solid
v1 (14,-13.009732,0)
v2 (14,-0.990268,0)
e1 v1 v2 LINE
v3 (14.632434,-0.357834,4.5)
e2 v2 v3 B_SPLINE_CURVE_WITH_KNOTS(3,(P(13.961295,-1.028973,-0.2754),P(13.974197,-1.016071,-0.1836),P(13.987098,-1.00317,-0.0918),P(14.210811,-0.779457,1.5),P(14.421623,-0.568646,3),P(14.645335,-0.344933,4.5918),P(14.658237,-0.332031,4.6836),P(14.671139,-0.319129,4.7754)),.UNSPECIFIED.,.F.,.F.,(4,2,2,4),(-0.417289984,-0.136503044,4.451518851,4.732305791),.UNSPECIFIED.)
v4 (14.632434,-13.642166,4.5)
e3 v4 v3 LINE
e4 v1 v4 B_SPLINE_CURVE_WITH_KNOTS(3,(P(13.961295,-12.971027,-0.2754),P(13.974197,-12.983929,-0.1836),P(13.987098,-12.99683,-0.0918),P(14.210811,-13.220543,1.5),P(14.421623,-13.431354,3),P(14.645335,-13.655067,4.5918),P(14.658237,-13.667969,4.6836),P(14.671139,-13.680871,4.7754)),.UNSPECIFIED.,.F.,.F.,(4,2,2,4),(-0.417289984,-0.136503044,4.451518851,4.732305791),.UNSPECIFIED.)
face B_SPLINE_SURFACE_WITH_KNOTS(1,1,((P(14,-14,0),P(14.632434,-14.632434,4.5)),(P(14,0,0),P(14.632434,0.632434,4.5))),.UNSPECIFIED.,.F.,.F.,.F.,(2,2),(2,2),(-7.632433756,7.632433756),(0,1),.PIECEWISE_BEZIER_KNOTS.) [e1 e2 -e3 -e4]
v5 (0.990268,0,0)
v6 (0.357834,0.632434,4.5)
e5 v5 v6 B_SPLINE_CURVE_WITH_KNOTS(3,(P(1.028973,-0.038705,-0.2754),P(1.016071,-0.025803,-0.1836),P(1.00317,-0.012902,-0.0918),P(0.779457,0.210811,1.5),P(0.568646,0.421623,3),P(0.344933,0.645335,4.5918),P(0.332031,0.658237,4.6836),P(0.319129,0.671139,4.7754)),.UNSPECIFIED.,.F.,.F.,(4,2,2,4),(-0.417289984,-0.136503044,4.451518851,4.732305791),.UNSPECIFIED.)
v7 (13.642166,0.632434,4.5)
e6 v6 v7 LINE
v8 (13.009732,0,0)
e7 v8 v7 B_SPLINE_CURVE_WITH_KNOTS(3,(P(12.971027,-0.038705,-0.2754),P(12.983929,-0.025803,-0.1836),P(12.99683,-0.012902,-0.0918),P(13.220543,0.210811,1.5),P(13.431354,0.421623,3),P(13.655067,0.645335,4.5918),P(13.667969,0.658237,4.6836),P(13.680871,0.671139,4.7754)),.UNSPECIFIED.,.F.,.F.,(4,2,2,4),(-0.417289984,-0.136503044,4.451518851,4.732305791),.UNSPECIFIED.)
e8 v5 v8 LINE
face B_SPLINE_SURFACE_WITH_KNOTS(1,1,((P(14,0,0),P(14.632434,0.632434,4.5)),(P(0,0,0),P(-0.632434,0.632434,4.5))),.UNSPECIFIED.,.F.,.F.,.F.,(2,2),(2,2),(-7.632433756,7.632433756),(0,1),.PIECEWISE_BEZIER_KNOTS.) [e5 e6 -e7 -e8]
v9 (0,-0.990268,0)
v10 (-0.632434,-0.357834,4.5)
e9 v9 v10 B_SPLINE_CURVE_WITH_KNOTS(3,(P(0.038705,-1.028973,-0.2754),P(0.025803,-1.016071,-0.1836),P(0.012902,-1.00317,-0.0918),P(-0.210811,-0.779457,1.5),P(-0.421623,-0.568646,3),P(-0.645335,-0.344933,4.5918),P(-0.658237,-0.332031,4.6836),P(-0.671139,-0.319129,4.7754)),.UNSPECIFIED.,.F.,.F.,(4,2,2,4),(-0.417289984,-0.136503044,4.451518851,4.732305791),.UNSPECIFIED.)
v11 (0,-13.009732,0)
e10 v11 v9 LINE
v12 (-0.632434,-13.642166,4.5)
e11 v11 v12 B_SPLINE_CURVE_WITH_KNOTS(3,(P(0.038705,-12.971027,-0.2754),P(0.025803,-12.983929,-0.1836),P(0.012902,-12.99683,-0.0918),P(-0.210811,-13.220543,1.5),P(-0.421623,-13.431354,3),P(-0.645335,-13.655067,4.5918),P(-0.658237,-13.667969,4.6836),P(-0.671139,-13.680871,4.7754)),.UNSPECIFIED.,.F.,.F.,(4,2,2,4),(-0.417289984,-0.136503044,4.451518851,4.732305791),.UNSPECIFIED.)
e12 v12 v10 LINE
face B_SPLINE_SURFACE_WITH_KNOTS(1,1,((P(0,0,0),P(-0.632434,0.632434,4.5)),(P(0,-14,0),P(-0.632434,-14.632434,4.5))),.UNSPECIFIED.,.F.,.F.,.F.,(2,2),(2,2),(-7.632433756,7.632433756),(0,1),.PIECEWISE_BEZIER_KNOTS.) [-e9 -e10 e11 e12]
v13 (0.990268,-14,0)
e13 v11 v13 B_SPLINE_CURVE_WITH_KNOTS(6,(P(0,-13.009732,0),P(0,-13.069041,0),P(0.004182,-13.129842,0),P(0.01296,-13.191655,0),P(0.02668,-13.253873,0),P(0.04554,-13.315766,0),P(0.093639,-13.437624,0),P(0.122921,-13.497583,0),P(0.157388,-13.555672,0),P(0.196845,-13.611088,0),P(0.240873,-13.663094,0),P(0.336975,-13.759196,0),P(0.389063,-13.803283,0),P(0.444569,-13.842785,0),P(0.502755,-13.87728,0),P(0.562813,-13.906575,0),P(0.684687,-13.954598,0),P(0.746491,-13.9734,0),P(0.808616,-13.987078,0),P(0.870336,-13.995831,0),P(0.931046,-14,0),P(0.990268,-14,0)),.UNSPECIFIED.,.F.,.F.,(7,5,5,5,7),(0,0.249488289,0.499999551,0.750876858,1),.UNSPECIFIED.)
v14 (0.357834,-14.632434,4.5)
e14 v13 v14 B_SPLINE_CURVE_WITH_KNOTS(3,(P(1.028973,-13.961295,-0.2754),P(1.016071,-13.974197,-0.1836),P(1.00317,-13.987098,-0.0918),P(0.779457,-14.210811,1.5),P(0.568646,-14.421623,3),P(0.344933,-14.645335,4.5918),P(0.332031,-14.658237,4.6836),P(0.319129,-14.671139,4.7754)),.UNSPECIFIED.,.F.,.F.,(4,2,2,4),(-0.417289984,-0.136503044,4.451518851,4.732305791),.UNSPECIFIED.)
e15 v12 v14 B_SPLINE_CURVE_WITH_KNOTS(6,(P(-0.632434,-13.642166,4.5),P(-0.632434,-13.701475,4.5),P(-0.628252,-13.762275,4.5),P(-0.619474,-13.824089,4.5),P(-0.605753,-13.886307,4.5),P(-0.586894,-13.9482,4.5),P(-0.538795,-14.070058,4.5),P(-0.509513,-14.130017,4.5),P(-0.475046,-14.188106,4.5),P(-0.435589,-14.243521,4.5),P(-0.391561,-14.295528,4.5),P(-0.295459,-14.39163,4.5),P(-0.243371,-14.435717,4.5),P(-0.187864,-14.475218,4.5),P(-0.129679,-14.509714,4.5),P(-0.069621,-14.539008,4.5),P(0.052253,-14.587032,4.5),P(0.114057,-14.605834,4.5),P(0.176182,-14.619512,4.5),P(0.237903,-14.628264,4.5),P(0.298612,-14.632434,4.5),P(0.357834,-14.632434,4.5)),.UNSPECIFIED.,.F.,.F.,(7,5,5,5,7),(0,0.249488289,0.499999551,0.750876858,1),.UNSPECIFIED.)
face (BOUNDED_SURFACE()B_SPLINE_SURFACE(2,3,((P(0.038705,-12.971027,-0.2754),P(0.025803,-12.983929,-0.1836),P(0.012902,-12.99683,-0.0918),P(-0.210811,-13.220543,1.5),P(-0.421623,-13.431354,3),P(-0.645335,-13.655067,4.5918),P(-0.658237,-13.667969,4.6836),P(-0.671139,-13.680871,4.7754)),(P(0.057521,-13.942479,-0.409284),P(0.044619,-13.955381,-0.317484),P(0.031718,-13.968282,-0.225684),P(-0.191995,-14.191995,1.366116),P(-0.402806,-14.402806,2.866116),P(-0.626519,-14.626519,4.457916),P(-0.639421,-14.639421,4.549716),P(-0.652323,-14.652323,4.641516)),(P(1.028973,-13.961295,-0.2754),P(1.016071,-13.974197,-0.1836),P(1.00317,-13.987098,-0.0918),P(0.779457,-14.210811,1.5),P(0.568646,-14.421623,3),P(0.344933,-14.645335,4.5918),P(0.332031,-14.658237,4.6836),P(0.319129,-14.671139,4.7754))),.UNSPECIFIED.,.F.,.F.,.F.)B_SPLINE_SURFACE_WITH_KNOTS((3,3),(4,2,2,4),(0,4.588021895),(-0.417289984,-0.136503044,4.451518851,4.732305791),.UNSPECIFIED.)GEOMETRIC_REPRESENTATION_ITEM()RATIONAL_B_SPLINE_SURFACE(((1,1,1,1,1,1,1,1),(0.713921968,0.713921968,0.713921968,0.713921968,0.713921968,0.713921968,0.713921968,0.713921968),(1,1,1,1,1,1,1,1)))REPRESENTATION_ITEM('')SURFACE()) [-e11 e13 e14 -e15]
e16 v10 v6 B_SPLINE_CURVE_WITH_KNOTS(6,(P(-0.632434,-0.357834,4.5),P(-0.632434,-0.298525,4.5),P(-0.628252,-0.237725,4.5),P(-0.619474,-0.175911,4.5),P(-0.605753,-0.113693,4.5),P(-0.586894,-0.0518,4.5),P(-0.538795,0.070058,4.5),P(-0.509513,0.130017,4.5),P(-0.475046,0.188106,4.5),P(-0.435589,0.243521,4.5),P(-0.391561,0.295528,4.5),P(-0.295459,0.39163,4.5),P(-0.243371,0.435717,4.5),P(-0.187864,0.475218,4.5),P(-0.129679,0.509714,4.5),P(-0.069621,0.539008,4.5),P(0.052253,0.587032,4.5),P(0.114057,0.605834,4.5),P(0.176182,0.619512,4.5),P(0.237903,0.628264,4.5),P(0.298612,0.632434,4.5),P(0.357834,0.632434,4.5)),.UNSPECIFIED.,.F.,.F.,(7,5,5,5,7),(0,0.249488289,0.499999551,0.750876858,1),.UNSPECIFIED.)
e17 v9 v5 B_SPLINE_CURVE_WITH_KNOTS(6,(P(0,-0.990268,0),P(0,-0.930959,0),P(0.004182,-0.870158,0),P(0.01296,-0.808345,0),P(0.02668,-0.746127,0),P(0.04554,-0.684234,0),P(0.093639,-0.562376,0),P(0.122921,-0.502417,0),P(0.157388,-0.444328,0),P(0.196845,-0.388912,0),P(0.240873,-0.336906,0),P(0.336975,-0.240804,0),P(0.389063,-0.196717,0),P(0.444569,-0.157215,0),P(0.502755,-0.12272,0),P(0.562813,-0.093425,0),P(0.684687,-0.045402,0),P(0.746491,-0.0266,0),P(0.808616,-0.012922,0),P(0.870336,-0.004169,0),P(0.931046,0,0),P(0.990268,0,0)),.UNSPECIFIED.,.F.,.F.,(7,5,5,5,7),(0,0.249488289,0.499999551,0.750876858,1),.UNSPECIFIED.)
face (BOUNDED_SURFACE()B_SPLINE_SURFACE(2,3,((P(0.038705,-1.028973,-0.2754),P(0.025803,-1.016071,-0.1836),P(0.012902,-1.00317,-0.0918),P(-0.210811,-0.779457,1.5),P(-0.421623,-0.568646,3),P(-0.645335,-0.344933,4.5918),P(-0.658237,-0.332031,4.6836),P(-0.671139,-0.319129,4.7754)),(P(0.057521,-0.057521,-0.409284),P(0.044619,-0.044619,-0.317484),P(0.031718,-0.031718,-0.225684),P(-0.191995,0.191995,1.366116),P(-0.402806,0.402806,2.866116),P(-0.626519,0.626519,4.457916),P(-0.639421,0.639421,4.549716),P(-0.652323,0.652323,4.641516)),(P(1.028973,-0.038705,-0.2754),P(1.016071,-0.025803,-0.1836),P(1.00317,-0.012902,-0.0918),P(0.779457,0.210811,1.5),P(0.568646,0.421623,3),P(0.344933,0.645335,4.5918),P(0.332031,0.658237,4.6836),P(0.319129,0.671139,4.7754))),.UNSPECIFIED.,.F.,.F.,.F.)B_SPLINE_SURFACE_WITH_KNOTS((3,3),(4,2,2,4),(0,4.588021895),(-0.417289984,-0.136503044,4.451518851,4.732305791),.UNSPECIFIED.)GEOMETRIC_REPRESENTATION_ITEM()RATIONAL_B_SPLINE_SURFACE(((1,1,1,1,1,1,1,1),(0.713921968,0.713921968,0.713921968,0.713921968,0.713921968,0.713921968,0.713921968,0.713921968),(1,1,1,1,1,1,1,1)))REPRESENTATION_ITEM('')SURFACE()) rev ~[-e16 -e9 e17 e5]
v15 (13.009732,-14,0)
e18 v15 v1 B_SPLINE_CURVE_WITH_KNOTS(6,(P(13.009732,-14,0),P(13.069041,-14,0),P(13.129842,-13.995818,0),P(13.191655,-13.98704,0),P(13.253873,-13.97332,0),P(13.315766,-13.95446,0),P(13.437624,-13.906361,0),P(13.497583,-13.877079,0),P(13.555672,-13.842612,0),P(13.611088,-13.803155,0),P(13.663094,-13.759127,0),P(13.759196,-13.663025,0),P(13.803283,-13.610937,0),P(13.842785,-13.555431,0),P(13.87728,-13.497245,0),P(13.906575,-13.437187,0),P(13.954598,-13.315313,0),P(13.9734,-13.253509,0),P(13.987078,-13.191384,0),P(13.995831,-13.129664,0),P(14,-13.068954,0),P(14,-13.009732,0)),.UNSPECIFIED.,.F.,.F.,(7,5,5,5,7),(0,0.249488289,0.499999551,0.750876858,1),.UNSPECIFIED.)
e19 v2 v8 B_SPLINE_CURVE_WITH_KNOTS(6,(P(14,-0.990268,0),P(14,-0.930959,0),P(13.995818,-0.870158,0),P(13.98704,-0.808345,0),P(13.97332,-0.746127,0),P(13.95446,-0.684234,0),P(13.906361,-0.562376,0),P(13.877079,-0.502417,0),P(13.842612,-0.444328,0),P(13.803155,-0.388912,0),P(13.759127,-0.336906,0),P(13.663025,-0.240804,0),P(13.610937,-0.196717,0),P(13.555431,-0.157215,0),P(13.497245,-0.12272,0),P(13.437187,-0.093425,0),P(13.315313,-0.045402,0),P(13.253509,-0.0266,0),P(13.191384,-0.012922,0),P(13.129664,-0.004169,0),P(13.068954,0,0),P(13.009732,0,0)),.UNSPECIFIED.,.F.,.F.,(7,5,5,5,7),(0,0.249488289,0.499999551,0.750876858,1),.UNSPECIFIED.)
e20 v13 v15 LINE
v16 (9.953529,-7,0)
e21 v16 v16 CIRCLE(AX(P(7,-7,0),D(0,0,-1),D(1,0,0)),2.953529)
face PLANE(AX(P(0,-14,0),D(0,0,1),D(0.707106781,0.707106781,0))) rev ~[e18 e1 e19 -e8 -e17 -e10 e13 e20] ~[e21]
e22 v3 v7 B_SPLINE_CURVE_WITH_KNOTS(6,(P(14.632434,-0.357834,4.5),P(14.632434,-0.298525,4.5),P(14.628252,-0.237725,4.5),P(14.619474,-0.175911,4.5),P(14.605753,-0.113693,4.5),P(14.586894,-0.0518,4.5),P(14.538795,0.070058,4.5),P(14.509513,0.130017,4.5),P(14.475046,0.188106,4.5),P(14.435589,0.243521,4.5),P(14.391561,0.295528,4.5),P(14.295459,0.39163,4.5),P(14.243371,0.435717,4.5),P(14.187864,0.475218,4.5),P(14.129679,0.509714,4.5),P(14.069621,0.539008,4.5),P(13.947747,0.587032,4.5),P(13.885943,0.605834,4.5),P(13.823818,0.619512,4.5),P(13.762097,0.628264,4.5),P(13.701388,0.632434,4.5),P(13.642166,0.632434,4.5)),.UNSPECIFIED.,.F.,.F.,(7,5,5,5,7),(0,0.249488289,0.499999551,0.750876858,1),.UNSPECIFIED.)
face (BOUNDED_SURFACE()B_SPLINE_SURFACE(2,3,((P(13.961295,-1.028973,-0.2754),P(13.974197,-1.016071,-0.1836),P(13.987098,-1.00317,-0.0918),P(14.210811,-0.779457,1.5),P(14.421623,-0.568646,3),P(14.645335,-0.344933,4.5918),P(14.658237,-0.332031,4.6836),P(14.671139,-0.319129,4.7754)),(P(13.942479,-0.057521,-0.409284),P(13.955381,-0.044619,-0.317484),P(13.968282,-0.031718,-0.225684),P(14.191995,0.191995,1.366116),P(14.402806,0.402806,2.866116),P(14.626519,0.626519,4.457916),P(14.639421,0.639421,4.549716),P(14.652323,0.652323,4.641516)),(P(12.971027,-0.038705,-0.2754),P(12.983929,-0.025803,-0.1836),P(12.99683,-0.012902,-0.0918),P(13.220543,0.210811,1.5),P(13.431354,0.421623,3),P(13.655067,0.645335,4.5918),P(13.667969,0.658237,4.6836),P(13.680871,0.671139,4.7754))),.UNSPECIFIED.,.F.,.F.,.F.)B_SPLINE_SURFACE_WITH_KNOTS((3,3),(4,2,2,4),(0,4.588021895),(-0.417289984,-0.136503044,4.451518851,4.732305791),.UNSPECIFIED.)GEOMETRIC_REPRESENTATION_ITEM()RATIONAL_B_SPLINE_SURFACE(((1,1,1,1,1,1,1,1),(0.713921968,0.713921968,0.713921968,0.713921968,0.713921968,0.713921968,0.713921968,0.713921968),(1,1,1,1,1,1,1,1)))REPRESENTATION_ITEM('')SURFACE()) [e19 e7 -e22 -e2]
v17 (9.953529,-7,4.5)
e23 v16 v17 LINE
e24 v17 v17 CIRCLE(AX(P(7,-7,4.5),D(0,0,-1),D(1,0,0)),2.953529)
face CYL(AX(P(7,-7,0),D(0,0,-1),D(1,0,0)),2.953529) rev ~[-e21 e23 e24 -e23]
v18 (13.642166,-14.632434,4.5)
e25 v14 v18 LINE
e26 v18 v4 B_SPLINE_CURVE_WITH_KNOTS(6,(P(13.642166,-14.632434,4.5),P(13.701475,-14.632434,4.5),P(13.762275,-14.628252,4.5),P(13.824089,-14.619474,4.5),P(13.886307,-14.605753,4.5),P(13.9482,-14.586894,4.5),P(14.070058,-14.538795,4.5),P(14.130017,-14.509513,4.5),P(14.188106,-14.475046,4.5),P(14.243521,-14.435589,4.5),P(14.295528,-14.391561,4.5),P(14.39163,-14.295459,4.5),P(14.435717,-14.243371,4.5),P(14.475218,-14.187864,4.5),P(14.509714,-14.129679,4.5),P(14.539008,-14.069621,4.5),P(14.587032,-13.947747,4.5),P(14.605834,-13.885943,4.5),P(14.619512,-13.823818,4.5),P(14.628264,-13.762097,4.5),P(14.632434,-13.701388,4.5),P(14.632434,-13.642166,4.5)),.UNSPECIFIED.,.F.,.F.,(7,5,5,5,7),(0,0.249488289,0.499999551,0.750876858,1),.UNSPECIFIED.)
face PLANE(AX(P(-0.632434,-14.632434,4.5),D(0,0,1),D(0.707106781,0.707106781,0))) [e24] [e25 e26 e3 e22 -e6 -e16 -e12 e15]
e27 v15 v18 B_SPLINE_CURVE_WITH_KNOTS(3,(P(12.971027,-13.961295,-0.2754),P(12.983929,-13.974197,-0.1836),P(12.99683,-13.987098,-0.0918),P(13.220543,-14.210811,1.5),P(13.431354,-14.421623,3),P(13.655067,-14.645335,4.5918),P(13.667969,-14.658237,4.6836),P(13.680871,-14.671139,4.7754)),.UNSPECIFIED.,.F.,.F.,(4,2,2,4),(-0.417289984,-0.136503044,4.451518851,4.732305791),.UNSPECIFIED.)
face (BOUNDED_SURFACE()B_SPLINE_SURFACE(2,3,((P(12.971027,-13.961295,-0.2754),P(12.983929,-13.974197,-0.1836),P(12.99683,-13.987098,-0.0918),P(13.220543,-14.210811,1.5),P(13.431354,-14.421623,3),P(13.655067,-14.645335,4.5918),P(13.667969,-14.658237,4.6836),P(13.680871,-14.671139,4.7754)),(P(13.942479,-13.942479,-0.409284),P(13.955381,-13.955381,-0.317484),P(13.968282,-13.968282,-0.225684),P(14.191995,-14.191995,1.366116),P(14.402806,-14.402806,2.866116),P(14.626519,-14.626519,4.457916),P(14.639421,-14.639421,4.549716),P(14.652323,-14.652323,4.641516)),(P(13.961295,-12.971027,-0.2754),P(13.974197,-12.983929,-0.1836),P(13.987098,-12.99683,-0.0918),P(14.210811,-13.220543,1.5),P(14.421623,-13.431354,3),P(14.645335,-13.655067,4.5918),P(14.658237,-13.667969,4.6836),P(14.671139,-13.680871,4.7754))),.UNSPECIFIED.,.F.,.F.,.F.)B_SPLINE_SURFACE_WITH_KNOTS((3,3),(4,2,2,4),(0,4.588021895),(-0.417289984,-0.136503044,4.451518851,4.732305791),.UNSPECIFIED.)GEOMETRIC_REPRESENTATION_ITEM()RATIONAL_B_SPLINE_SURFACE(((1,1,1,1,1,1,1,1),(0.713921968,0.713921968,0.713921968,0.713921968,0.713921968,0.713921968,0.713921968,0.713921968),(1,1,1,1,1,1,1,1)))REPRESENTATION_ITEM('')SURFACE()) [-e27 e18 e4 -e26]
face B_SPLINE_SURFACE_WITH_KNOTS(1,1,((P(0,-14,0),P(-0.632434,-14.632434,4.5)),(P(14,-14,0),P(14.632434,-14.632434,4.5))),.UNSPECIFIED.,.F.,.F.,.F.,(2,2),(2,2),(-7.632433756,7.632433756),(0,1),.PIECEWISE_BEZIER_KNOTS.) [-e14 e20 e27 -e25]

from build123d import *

# Parameters (mm, degrees)
F0_W     = 14
F0_H     = 14
F1_DEPTH = 4.5
F1_TAPER = -8
F2_R     = 1
F3_R     = 2.9535288369
F4_DEPTH = 25


with BuildPart() as f1:
    # F0 (on Top) → F1 (new body)
    with BuildSketch(Plane.XY):
        with Locations((7, -7)):
            Rectangle(F0_W, F0_H)
    extrude(amount=F1_DEPTH, taper=F1_TAPER)

    # F2
    f2_edges = [f1.edges().sort_by_distance(p)[0] for p in [
        (-0.316217, -14.316217, 2.25),
        (14.316217, -14.316217, 2.25),
        (14.316217, 0.316217, 2.25),
        (-0.316217, 0.316217, 2.25),
    ]]
    fillet(f2_edges, radius=F2_R)

    # F3 (on face) → F4 (cut)
    with BuildSketch(Plane(origin=(0, 0, 0), x_dir=(1, 0, 0), z_dir=(0, 0, -1))):
        with Locations((7, 7)):
            Circle(F3_R)
    extrude(amount=-F4_DEPTH, mode=Mode.SUBTRACT)


solid = f1.part
